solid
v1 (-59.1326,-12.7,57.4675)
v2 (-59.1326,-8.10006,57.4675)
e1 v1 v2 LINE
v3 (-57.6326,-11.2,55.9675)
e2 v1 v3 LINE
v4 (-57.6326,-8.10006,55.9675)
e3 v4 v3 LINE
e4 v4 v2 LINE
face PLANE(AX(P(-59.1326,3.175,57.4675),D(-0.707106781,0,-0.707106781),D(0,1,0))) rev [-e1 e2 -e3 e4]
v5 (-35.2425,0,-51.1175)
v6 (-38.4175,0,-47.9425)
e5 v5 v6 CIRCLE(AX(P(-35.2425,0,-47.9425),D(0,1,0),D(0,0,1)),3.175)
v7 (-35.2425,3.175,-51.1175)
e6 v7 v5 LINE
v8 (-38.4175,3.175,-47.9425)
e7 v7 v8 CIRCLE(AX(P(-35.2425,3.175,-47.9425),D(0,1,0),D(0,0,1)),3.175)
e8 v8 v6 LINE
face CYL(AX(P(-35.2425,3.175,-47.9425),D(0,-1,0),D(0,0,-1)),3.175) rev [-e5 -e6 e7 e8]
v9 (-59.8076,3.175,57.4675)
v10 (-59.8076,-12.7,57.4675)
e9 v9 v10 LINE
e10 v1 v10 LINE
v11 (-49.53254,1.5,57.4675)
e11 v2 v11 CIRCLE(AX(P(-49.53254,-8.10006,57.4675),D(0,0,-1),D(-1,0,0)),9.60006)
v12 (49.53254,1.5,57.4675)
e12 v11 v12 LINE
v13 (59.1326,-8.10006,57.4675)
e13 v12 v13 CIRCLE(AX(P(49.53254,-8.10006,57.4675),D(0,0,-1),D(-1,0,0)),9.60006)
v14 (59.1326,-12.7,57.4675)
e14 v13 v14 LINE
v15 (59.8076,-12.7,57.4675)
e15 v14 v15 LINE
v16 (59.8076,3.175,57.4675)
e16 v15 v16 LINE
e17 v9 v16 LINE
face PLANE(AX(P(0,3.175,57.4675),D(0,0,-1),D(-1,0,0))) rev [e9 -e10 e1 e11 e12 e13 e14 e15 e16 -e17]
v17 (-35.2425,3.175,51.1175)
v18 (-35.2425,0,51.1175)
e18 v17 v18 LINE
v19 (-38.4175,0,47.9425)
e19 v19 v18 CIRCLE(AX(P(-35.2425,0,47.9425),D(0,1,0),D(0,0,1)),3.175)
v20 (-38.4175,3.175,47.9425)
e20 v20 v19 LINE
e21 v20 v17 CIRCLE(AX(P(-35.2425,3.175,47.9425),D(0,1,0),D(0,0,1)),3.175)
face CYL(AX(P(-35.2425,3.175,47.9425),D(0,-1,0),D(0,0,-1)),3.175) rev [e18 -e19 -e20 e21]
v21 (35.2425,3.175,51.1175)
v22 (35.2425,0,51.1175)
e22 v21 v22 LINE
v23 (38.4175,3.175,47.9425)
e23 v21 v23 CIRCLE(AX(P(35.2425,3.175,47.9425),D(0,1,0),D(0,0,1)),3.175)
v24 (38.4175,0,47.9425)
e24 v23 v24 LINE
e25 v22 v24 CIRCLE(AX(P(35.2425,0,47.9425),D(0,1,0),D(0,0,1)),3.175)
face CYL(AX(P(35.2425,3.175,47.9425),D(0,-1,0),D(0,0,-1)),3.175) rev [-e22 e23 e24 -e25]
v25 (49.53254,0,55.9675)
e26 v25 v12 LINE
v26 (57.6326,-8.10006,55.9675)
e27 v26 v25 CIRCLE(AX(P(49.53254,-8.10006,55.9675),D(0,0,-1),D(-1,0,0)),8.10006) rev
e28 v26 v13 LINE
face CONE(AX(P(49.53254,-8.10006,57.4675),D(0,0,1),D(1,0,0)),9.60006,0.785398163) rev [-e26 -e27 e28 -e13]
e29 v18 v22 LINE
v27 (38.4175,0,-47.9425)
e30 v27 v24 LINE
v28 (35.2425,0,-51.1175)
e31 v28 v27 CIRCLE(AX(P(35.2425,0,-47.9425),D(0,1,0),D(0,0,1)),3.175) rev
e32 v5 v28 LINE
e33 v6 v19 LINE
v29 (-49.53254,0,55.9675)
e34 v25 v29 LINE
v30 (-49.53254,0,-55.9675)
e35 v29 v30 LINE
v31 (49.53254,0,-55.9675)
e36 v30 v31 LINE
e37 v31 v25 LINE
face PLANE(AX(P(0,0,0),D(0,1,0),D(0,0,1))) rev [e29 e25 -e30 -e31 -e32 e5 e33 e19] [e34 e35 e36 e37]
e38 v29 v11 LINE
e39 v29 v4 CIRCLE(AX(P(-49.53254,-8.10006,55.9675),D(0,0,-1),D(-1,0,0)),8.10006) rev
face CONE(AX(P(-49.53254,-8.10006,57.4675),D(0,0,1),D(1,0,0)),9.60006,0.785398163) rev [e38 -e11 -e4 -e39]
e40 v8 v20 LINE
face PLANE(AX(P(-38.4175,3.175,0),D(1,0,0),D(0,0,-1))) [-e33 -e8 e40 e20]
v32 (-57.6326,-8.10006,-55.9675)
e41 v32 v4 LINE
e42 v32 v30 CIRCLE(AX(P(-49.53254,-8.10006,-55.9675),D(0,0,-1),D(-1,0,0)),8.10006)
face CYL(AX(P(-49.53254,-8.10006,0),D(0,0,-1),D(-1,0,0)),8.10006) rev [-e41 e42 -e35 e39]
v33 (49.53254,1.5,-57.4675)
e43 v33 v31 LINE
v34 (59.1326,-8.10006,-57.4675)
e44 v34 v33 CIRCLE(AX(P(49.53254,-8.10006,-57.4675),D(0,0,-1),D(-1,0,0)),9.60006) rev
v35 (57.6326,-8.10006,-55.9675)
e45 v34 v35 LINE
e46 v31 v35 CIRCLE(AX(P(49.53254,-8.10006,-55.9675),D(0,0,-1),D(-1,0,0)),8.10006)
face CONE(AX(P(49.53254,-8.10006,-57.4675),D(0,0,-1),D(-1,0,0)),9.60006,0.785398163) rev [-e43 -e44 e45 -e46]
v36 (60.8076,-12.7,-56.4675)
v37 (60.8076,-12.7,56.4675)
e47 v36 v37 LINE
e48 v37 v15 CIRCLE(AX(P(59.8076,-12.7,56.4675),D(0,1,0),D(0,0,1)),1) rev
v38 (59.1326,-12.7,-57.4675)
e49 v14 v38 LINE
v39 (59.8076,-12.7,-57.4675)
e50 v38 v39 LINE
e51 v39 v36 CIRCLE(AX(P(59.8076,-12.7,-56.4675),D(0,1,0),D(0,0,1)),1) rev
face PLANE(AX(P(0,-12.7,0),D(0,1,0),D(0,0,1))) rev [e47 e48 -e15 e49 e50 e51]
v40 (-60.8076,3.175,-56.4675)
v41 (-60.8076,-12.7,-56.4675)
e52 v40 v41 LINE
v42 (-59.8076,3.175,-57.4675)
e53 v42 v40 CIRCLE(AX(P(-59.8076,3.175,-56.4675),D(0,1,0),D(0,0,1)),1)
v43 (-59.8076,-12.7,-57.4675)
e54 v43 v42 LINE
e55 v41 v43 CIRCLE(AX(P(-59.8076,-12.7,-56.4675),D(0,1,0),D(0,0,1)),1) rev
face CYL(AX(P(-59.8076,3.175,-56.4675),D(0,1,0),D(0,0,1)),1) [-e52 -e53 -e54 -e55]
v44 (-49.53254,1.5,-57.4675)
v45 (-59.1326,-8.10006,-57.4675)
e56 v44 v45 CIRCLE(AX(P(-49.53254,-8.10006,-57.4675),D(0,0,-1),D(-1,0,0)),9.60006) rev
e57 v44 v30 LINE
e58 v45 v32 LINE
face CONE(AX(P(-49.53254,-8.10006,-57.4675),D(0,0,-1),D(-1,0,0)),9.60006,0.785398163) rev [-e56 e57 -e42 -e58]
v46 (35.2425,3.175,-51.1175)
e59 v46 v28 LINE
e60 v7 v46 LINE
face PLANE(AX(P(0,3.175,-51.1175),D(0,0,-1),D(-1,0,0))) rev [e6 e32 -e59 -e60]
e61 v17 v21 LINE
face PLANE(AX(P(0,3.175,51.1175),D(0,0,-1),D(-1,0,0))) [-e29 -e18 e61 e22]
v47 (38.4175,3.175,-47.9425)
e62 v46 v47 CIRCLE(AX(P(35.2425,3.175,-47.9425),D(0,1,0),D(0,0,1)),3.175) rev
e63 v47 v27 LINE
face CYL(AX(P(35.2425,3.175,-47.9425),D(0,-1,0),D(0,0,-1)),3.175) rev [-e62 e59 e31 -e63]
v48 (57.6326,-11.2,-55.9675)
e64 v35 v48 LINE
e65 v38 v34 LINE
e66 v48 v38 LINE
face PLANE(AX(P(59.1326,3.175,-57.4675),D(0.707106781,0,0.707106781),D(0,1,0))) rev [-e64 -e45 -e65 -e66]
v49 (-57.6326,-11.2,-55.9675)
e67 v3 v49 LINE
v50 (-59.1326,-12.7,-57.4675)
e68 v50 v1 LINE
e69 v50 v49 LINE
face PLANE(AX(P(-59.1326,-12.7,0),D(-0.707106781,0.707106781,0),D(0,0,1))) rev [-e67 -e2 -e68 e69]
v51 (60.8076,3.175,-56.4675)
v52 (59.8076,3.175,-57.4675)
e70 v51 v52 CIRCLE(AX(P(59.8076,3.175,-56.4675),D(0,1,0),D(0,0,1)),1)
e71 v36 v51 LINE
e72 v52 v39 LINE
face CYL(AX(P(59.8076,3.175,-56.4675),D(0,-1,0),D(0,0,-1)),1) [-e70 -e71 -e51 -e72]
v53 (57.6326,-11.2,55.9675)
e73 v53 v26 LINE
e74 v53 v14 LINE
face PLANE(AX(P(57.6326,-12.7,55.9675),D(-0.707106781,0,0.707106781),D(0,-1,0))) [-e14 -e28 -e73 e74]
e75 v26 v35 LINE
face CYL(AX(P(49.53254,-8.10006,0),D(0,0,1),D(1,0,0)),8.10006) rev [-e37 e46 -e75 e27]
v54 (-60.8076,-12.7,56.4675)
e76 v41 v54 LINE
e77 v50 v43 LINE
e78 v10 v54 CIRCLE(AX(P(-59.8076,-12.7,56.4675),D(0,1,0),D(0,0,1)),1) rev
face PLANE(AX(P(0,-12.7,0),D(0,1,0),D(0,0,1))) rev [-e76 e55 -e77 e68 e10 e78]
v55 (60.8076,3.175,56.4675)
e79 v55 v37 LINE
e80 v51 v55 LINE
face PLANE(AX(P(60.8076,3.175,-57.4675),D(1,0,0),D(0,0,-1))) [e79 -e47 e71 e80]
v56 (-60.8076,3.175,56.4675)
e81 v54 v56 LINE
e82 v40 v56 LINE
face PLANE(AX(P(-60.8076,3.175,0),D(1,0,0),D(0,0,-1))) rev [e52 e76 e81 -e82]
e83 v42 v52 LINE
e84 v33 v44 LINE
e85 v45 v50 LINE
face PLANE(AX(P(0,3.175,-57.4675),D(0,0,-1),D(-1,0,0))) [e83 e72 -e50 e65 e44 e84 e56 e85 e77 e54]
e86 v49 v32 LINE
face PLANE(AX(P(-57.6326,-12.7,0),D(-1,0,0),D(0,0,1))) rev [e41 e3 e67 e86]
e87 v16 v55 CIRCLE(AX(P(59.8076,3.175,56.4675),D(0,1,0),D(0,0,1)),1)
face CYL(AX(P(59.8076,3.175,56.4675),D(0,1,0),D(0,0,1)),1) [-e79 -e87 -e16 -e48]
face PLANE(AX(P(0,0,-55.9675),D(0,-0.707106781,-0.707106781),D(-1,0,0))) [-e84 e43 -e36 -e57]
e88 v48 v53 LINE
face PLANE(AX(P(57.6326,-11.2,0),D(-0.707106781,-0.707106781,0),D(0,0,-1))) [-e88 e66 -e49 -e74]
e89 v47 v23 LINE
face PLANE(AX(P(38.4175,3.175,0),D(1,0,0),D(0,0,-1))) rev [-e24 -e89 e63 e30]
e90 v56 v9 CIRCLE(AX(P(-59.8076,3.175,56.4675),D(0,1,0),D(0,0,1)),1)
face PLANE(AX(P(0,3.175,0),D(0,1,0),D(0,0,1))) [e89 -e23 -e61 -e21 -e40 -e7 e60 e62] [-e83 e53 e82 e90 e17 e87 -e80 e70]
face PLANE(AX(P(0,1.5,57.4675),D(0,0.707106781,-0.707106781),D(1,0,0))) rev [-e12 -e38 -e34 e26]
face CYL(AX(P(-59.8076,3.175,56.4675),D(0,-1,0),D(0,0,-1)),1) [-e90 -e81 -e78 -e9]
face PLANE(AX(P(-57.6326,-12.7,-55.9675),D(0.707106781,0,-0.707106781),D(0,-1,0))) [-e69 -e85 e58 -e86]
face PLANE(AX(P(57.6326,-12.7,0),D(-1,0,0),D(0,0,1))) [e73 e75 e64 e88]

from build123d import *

# Parameters (mm, degrees)
SKETCH1_W           = 121.6152
SKETCH1_H           = 114.935
BOSS_EXTRUDE1_DEPTH = 3.175
SKETCH1_3_W         = 3.175
SKETCH1_3_H         = 114.935
BOSS_EXTRUDE2_DEPTH = 12.7
FILLET1_R           = 8.10006
CHAMFER1_SIZE       = 1.5
FILLET2_R           = 1


with BuildPart() as part:
    # Sketch1 → Boss-Extrude1 (new body)
    with BuildSketch(Plane(origin=(0, 0, 0), x_dir=(1, 0, 0), z_dir=(0, 1, 0))):
        Rectangle(SKETCH1_W, SKETCH1_H)
        with BuildLine():
            ThreePointArc((-38.4175, 47.9425), (-37.48756403, 50.18756403), (-35.2425, 51.1175))
            Line((-35.2425, 51.1175), (35.2425, 51.1175))
            ThreePointArc((35.2425, 51.1175), (37.48756403, 50.18756403), (38.4175, 47.9425))
            Line((38.4175, 47.9425), (38.4175, -47.9425))
            ThreePointArc((38.4175, -47.9425), (37.48756403, -50.18756403), (35.2425, -51.1175))
            Line((35.2425, -51.1175), (-35.2425, -51.1175))
            ThreePointArc((-35.2425, -51.1175), (-37.48756403, -50.18756403), (-38.4175, -47.9425))
            Line((-38.4175, -47.9425), (-38.4175, 47.9425))
        make_face(mode=Mode.SUBTRACT)
    extrude(amount=BOSS_EXTRUDE1_DEPTH)

    # Sketch1<3> → Boss-Extrude2 (add)
    with BuildSketch(Plane(origin=(0, 0, 0), x_dir=(1, 0, 0), z_dir=(0, 1, 0))):
        with Locations((-59.2201, 0)):
            Rectangle(SKETCH1_3_W, SKETCH1_3_H)
        with Locations((59.2201, 0)):
            Rectangle(SKETCH1_3_W, SKETCH1_3_H)
    extrude(amount=-BOSS_EXTRUDE2_DEPTH)

    # Fillet1
    fillet1_edges = [part.edges().sort_by_distance(p)[0] for p in [
        (57.6326, 0, 0),
        (-57.6326, 0, 0),
    ]]
    fillet(fillet1_edges, radius=FILLET1_R)

    # Chamfer1
    chamfer1_edges = [part.edges().sort_by_distance(p)[0] for p in [
        (-57.6326, -10.40003, 57.4675),
        (-55.260147354, -2.372452646, 57.4675),
        (0, 0, 57.4675),
        (55.260147354, -2.372452646, 57.4675),
        (57.6326, -12.7, 0),
        (57.6326, -10.40003, 57.4675),
        (57.6326, -10.40003, -57.4675),
        (55.260147354, -2.372452646, -57.4675),
        (0, 0, -57.4675),
        (-55.260147354, -2.372452646, -57.4675),
        (-57.6326, -12.7, 0),
        (-57.6326, -10.40003, -57.4675),
    ]]
    chamfer(chamfer1_edges, length=CHAMFER1_SIZE)

    # Fillet2
    fillet2_edges = [part.edges().sort_by_distance(p)[0] for p in [
        (-60.8076, -4.7625, 57.4675),
        (-60.8076, -4.7625, -57.4675),
        (60.8076, -4.7625, -57.4675),
        (60.8076, -4.7625, 57.4675),
    ]]
    fillet(fillet2_edges, radius=FILLET2_R)


solid = part.part
